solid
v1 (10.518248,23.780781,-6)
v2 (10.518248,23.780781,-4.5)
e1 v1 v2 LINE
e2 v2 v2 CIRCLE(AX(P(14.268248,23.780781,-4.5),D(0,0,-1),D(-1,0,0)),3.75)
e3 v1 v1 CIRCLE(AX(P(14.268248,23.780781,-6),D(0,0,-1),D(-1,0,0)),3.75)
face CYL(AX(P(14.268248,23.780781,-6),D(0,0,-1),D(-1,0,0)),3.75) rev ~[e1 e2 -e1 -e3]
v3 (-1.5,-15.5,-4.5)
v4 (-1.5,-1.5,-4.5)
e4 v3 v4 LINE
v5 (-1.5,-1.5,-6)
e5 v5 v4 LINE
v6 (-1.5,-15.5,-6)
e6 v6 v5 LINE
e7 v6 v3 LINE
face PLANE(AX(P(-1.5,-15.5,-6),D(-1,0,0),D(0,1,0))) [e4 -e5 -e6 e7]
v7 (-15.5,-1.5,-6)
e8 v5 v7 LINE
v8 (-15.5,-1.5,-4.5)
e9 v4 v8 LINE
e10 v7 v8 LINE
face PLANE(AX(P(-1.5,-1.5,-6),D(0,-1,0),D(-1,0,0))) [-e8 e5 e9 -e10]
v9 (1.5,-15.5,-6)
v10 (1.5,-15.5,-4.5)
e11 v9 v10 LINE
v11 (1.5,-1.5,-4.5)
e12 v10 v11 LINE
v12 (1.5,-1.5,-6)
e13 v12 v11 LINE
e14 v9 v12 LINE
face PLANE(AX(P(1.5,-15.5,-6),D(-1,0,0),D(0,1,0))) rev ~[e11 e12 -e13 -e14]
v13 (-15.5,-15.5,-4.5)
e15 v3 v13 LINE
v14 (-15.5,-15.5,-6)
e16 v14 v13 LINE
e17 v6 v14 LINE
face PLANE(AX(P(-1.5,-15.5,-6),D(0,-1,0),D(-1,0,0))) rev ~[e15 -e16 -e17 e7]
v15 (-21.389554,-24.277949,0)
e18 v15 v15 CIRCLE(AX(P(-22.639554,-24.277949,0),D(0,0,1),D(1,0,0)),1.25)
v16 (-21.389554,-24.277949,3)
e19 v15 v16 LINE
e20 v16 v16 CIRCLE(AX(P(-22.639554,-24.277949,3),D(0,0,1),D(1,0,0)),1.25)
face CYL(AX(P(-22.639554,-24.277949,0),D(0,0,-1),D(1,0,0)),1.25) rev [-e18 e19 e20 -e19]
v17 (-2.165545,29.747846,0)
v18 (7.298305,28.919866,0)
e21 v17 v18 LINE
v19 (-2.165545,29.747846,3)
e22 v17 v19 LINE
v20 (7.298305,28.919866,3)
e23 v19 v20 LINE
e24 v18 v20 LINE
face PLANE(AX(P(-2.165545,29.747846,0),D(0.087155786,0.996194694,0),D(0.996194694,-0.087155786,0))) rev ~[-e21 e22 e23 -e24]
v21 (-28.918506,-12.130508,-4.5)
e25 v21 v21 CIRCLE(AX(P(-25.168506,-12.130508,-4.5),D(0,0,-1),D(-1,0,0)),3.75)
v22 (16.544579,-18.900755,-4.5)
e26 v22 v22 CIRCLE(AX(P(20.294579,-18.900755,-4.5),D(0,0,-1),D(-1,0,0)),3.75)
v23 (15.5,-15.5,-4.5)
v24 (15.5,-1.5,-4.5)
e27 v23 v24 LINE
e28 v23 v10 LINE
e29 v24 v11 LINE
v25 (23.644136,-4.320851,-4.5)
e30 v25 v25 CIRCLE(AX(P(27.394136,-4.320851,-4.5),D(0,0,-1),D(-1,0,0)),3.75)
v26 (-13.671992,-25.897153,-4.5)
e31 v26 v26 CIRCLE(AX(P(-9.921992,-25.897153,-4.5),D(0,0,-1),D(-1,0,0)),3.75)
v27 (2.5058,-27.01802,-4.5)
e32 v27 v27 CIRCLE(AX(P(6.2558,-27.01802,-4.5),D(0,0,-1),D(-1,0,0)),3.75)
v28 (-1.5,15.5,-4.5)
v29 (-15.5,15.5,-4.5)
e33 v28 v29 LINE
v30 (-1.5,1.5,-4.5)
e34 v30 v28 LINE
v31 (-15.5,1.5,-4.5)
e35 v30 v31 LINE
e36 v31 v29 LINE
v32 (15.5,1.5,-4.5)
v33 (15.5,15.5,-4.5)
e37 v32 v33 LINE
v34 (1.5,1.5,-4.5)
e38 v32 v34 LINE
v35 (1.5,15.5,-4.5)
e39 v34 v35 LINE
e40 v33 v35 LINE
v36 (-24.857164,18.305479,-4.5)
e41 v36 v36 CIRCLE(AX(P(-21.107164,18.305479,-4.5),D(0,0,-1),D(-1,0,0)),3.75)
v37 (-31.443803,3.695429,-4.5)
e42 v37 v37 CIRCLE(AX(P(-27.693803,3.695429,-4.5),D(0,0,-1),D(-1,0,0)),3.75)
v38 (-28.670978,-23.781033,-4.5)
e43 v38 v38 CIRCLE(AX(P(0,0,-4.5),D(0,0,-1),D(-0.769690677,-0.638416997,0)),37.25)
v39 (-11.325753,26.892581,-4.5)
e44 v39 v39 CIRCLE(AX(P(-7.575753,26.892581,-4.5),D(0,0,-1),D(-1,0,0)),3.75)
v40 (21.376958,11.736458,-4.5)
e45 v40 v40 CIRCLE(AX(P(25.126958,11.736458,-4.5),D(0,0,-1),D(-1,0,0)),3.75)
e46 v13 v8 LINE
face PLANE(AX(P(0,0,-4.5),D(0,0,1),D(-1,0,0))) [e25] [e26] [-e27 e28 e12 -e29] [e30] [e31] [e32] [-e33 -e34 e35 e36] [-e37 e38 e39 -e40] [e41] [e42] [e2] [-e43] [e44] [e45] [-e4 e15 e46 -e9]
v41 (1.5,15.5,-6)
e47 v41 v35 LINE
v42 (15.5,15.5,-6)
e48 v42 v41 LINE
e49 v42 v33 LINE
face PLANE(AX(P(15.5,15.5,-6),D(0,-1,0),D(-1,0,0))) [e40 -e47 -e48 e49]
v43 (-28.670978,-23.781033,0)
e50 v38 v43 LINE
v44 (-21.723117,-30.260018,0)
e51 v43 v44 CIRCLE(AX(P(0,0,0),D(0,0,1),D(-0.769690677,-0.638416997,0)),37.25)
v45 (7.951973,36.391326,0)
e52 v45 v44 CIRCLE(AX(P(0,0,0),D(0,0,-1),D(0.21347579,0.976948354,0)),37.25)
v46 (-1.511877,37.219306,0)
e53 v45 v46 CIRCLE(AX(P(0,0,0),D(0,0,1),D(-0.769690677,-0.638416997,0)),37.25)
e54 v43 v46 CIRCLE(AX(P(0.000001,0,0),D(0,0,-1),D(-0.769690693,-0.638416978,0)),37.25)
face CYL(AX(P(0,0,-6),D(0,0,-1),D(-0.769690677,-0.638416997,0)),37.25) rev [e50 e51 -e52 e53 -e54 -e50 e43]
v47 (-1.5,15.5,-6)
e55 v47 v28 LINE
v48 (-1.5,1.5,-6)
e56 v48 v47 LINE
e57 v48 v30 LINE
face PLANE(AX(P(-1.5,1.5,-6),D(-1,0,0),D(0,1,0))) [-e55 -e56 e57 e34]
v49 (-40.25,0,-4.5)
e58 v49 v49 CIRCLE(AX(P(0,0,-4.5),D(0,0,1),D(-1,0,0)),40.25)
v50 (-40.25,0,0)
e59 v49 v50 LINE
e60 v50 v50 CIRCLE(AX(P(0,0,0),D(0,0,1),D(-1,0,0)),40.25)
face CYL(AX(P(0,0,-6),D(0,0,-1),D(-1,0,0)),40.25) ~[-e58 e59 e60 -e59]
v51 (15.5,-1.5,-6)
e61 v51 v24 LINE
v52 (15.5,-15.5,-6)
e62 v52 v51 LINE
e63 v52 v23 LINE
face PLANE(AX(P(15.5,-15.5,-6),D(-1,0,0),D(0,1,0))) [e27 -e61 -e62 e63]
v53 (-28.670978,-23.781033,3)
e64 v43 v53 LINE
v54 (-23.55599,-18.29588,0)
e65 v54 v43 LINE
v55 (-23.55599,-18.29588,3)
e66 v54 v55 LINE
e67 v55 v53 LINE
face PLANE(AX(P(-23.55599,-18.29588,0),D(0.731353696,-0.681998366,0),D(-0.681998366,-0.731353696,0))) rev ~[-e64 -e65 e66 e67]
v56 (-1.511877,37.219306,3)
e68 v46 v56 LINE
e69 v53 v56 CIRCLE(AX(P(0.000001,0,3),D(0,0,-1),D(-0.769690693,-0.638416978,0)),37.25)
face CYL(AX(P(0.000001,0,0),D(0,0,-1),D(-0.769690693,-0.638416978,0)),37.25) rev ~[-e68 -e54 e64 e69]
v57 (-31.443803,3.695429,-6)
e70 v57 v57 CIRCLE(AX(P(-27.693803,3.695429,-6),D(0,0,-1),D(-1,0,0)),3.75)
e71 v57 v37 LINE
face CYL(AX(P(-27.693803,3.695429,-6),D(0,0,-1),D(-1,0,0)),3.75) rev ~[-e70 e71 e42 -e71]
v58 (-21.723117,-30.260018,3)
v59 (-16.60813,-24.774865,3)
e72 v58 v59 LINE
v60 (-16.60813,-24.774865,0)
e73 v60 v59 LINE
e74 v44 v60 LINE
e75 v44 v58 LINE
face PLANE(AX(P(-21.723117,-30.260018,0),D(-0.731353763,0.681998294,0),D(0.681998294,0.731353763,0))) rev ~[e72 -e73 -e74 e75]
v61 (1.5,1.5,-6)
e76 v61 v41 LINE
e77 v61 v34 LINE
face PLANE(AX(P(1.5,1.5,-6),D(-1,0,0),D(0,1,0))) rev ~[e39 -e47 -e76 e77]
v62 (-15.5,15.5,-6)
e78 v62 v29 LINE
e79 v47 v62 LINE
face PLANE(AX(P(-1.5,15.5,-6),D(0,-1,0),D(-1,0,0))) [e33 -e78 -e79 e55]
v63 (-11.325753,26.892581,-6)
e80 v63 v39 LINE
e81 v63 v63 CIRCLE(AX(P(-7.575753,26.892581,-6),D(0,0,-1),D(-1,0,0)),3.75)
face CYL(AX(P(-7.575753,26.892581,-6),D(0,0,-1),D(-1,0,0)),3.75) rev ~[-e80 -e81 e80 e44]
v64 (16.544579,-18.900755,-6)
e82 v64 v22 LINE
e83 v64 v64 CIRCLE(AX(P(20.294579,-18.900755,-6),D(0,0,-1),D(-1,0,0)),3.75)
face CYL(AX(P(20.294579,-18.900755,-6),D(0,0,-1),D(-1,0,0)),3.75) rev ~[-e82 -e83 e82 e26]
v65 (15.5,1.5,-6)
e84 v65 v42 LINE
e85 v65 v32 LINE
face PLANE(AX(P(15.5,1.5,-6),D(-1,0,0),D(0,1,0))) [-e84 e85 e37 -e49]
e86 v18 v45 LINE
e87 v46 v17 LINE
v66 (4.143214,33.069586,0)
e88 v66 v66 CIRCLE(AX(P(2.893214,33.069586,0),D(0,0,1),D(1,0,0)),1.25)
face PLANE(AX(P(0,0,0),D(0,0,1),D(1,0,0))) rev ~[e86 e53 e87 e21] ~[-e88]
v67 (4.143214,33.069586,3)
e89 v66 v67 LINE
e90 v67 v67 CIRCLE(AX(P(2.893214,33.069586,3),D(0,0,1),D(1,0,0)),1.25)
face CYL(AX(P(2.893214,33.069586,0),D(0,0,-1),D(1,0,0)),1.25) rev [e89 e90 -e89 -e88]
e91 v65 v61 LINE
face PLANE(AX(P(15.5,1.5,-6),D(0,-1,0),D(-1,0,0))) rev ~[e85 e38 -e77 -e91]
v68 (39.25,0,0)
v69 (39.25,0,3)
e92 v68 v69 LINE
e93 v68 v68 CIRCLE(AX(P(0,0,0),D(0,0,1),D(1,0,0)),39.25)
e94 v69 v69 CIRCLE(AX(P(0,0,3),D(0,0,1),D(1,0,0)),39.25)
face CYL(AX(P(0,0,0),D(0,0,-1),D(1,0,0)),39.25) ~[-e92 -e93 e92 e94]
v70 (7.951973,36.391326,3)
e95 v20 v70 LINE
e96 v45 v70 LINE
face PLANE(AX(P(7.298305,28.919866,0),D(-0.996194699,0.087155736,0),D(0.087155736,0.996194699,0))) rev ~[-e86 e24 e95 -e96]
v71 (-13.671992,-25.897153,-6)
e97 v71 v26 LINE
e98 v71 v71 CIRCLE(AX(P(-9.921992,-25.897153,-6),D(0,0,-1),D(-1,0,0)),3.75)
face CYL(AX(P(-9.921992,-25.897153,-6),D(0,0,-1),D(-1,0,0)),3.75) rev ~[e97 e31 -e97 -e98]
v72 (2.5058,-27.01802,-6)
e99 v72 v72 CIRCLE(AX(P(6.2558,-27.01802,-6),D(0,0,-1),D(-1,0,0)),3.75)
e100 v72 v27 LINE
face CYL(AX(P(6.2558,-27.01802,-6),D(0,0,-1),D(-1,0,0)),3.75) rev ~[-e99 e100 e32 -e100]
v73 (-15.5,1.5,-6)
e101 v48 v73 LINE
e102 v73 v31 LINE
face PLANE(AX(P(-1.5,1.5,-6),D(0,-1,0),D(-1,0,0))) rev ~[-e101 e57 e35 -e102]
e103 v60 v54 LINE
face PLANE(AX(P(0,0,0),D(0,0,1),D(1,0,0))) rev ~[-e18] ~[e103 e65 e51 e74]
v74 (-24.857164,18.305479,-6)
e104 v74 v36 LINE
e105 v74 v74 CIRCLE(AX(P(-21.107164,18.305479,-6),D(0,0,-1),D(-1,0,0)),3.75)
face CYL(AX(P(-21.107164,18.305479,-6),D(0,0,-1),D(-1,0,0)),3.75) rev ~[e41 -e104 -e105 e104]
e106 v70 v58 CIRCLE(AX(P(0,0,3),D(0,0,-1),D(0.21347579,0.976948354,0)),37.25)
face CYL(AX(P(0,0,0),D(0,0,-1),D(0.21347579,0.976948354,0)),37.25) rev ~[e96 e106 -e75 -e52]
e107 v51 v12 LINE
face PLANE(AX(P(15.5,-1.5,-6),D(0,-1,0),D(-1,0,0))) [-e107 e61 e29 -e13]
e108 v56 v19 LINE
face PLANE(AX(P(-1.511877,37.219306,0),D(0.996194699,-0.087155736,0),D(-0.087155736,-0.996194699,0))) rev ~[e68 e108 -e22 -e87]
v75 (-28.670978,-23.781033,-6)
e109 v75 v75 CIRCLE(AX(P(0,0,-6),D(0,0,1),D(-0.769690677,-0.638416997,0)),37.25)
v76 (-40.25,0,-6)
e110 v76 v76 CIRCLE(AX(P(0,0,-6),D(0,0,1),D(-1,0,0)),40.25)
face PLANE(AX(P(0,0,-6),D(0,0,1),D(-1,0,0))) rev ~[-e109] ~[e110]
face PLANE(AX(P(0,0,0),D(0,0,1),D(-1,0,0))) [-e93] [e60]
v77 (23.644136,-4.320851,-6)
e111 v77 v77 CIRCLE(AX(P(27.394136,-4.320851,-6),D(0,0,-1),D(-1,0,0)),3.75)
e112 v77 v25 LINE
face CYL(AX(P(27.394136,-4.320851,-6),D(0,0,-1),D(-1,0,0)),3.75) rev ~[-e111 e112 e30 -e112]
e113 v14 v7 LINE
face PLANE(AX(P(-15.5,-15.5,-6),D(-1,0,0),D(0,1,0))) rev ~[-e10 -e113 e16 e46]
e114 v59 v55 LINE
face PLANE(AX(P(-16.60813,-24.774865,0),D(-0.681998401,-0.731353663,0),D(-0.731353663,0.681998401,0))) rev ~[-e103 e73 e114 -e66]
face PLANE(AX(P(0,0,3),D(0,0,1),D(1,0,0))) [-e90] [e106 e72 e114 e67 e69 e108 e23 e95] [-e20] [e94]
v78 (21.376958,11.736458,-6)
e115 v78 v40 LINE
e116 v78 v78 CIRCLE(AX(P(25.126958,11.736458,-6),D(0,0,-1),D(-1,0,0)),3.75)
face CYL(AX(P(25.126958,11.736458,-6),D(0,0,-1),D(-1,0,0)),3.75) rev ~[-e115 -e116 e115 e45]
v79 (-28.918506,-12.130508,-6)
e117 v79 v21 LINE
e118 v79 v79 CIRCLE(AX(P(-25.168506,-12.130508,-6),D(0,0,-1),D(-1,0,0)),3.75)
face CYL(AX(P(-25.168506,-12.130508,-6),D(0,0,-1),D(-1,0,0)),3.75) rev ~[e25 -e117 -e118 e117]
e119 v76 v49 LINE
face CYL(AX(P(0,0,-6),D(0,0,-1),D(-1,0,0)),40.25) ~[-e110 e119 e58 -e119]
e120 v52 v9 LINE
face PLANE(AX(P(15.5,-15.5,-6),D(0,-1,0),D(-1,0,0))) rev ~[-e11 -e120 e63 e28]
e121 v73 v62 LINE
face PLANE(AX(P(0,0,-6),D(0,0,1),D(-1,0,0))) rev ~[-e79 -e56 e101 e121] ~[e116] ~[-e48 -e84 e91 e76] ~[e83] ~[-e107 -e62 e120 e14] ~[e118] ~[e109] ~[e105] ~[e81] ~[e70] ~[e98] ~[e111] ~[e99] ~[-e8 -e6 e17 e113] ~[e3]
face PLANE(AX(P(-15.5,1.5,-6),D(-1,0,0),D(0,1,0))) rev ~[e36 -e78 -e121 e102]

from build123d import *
from build123d.topology import SkipClean

# Parameters (mm, degrees)
SKETCH2_R           = 39.25
SKETCH2_R_2         = 1.25
BOSS_EXTRUDE1_DEPTH = 3
BOSS_EXTRUDE2_START = -6
SKETCH3_R           = 40.25
SKETCH3_R_2         = 37.25
SKETCH3_R_3         = 1.25
BOSS_EXTRUDE2_DEPTH = 6
SKETCH4_R           = 40.25
BOSS_EXTRUDE3_DEPTH = 1.5
SKETCH5_W           = 14
SKETCH5_H           = 14
CUT_EXTRUDE1_DEPTH  = 1.5
SKETCH7_R           = 3.75
CUT_EXTRUDE2_DEPTH  = 1.5


with BuildPart() as part:
    # Sketch2 → Boss-Extrude1 (new body)
    with BuildSketch(Plane(origin=(0, 0, 0), x_dir=(0, 1, 0), z_dir=(0, 0, 1))):
        with Locations(Location((0, 0, 0), (0, 0, 270))):
            Circle(SKETCH2_R)
        with BuildLine():
            Line((-18.29588, 23.55599), (-23.781033, 28.670978))
            ThreePointArc((-23.781033, 28.670978), (15.15094, 34.029568), (37.219306, 1.511877))
            Line((37.219306, 1.511877), (29.747846, 2.165545))
            Line((29.747846, 2.165545), (28.919866, -7.298305))
            Line((28.919866, -7.298305), (36.391326, -7.951973))
            ThreePointArc((36.391326, -7.951973), (-15.15094, -34.029568), (-30.260018, 21.723117))
            Line((-30.260018, 21.723117), (-24.774865, 16.60813))
            Line((-24.774865, 16.60813), (-18.29588, 23.55599))
        make_face(mode=Mode.SUBTRACT)
        with Locations(Location((-24.277949, 22.639554, 0), (0, 0, 270))):
            Circle(SKETCH2_R_2, mode=Mode.SUBTRACT)
        with Locations(Location((33.069586, -2.893214, 0), (0, 0, 270))):
            Circle(SKETCH2_R_2, mode=Mode.SUBTRACT)
    extrude(amount=BOSS_EXTRUDE1_DEPTH)

    # Sketch3 → Boss-Extrude2 (add)
    # profile 1 of 3: a face of its own
    with SkipClean():  # the faces are left unmerged after this step: merging them gives an invalid solid
        with BuildSketch(Plane.XY.offset(BOSS_EXTRUDE2_START)):
            with Locations(Location((0, 0, 0), (0, 0, 180))):
                Circle(SKETCH3_R)
            with Locations(Location((0, 0, 0), (0, 0, 219.67388))):
                Circle(SKETCH3_R_2, mode=Mode.SUBTRACT)
        # profile 2 of 3: a face of its own
        with BuildSketch(Plane.XY.offset(BOSS_EXTRUDE2_START)):
            with Locations((2.893214, 33.069586)):
                Circle(SKETCH3_R_3)
        # profile 3 of 3: a face of its own
        with BuildSketch(Plane.XY.offset(BOSS_EXTRUDE2_START)):
            with Locations((-22.639554, -24.277949)):
                Circle(SKETCH3_R_3)
        extrude(amount=BOSS_EXTRUDE2_DEPTH)


with BuildPart() as boss_extrude2_kept_piece:
    # of the separate pieces the step leaves, the one the design keeps (boss_extrude2_pieces_kept)
    add(part.part.solids().sort_by_distance((39.25, 0, 0))[0])

    # Sketch4 → Boss-Extrude3 (add)
    with SkipClean():  # the faces are left unmerged after this step: merging them gives an invalid solid
        with BuildSketch(Plane.XY.offset(-6)):
            with Locations(Location((0, 0, 0), (0, 0, 180))):
                Circle(SKETCH4_R)
        extrude(amount=BOSS_EXTRUDE3_DEPTH)

    # Sketch5 → Cut-Extrude1 (cut)
    with SkipClean():  # the faces are left unmerged after this step: merging them gives an invalid solid
        with BuildSketch(Plane(origin=(0, 0, -6), x_dir=(-1, 0, 0), z_dir=(0, 0, -1))):
            with Locations((-8.5, -8.5)):
                Rectangle(SKETCH5_W, SKETCH5_H)
            with Locations((-8.5, 8.5)):
                Rectangle(SKETCH5_W, SKETCH5_H)
            with Locations((8.5, 8.5)):
                Rectangle(SKETCH5_W, SKETCH5_H)
            with Locations((8.5, -8.5)):
                Rectangle(SKETCH5_W, SKETCH5_H)
        extrude(amount=-CUT_EXTRUDE1_DEPTH, mode=Mode.SUBTRACT)

    # Sketch7 → Cut-Extrude2 (cut)
    with SkipClean():  # the faces are left unmerged after this step: merging them gives an invalid solid
        with BuildSketch(Plane(origin=(0, 0, -6), x_dir=(-1, 0, 0), z_dir=(0, 0, -1))):
            with Locations((-25.126958, 11.736458)):
                Circle(SKETCH7_R)
            with Locations((-27.394136, -4.320851)):
                Circle(SKETCH7_R)
            with Locations((-20.294579, -18.900755)):
                Circle(SKETCH7_R)
            with Locations((-6.2558, -27.01802)):
                Circle(SKETCH7_R)
            with Locations((9.921992, -25.897153)):
                Circle(SKETCH7_R)
            with Locations((25.168506, -12.130508)):
                Circle(SKETCH7_R)
            with Locations((27.693803, 3.695429)):
                Circle(SKETCH7_R)
            with Locations((21.107164, 18.305479)):
                Circle(SKETCH7_R)
            with Locations((7.575753, 26.892581)):
                Circle(SKETCH7_R)
            with Locations((-14.268248, 23.780781)):
                Circle(SKETCH7_R)
        extrude(amount=-CUT_EXTRUDE2_DEPTH, mode=Mode.SUBTRACT)


solid = boss_extrude2_kept_piece.part
